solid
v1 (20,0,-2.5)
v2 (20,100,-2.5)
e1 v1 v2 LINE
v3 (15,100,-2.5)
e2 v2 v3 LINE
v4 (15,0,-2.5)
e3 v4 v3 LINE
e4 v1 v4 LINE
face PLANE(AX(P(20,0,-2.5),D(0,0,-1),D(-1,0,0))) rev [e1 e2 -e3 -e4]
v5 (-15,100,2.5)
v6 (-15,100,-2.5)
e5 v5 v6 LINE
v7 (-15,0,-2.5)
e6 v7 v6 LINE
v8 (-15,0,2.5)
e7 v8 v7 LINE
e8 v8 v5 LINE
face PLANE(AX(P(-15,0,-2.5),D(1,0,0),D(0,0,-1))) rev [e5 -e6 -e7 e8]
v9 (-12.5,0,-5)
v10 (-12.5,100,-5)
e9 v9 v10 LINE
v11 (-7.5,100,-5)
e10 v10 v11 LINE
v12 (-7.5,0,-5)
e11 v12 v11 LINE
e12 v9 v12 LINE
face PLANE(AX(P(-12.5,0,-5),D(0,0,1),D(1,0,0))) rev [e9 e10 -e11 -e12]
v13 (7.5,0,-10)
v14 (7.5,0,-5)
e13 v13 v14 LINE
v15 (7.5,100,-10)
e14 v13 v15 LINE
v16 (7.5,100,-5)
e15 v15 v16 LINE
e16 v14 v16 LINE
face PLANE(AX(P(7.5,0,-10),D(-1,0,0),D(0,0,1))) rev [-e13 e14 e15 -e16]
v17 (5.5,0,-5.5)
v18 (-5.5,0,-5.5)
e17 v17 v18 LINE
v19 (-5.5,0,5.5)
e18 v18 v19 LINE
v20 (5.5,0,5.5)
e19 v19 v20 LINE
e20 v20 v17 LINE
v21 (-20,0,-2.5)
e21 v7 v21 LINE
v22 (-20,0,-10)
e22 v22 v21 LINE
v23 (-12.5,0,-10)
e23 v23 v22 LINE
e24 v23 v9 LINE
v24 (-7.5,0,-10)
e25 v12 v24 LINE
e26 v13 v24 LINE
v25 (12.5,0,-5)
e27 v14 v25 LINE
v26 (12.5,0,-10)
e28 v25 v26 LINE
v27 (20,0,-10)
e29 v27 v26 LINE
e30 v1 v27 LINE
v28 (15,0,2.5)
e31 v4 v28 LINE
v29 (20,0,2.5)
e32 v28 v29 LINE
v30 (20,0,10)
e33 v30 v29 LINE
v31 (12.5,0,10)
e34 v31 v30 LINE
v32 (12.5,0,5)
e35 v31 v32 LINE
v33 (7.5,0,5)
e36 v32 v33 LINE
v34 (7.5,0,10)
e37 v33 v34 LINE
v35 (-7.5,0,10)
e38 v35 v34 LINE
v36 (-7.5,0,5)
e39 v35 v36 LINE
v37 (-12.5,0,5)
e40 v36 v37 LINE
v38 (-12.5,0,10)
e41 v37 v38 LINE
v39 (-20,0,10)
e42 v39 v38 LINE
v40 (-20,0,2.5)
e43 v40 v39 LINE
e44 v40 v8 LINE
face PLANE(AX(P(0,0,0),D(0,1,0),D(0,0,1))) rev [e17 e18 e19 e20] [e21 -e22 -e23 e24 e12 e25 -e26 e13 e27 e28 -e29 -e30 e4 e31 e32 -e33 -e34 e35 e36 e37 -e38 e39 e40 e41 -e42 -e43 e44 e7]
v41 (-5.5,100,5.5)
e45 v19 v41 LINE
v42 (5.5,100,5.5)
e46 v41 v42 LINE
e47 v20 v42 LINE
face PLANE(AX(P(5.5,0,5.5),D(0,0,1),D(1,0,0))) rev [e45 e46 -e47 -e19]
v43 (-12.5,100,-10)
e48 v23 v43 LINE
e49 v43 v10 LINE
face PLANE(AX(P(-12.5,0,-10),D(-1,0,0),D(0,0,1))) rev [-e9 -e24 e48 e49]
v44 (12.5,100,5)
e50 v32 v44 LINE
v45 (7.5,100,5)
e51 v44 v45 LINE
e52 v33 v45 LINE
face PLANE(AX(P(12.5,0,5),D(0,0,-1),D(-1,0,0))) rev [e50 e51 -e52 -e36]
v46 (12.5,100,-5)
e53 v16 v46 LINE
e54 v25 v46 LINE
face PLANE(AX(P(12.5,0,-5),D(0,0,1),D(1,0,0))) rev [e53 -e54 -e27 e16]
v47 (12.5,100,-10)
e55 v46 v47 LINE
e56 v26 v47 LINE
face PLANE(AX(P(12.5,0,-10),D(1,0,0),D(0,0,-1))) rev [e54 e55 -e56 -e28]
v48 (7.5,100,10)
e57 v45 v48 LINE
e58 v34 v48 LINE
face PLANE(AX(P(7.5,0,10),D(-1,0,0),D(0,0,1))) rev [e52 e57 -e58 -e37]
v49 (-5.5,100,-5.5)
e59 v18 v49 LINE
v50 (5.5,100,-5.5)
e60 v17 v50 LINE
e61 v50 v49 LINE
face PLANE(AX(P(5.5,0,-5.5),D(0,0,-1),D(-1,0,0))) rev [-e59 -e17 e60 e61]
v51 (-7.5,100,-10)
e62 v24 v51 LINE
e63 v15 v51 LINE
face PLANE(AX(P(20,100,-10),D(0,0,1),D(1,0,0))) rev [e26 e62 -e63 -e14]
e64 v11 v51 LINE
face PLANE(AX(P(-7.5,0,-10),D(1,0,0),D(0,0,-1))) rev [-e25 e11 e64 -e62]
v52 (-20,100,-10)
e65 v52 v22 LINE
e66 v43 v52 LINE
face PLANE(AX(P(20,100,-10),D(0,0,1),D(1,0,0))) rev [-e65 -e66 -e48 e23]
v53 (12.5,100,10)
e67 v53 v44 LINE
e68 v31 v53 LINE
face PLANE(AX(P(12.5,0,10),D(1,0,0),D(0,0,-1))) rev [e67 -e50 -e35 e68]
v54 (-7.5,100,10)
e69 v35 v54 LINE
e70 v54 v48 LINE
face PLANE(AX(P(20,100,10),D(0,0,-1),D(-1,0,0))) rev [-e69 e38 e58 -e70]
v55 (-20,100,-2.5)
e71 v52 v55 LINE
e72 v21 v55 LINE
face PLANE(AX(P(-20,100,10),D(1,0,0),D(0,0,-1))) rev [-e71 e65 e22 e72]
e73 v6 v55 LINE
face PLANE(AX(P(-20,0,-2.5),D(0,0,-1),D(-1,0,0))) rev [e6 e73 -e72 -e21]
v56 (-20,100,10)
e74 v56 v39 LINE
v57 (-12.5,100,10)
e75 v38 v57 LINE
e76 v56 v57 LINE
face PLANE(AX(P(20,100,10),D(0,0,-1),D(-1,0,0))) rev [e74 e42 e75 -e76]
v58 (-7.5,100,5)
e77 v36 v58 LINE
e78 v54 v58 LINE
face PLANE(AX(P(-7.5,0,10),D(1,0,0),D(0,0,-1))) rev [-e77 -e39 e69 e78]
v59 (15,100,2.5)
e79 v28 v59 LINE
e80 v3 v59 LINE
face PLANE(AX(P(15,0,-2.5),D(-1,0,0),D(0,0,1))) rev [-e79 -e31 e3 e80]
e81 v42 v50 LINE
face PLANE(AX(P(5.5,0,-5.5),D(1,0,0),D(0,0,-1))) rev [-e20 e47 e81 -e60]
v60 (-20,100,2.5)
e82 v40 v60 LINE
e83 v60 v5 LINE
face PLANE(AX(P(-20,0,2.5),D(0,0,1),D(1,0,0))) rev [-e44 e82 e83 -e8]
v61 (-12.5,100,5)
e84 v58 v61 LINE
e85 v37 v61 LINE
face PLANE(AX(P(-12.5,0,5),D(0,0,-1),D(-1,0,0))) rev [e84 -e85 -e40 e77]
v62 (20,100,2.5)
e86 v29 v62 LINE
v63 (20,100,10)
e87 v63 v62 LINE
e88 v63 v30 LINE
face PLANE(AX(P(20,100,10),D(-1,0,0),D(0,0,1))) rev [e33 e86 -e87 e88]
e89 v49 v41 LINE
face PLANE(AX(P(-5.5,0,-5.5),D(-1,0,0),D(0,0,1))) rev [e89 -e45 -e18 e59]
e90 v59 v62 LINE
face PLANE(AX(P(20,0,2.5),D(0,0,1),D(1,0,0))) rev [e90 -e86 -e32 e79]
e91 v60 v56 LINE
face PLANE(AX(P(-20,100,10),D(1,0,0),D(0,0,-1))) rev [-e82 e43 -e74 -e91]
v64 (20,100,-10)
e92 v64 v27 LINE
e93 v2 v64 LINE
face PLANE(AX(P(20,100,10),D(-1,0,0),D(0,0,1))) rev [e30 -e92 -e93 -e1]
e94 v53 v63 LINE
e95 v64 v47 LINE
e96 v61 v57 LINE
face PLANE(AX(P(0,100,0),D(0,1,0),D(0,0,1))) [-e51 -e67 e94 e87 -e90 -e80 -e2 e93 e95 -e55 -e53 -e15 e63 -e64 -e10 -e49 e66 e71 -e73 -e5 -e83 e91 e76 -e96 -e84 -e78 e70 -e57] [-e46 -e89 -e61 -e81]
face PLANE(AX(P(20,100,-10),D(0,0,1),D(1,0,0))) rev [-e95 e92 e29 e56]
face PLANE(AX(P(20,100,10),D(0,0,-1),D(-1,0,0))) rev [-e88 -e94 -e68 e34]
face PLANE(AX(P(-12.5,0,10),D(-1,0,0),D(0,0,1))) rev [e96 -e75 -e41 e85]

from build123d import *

# Parameters (mm, degrees)
SKETCH1_W       = 40
SKETCH1_H       = 20
BODY_DEPTH      = 100
SKETCH2_W       = 5
SKETCH2_H       = 5
SKETCH2_W_2     = 11
SKETCH2_H_2     = 11
PROFILAGE_DEPTH = 103.46950766


with BuildPart() as part:
    # Sketch1 → Body (new body)
    with BuildSketch(Plane(origin=(0, 0, 0), x_dir=(1, 0, 0), z_dir=(0, 1, 0))):
        Rectangle(SKETCH1_W, SKETCH1_H)
    extrude(amount=BODY_DEPTH)

    # Sketch2 → Profilage (cut, through all)
    with BuildSketch(Plane(origin=(0, 100, 0), x_dir=(1, 0, 0), z_dir=(0, 1, 0))):
        with Locations((-10, 7.5)):
            Rectangle(SKETCH2_W, SKETCH2_H)
        with Locations((-17.5, 0)):
            Rectangle(SKETCH2_W, SKETCH2_H)
        with Locations((-10, -7.5)):
            Rectangle(SKETCH2_W, SKETCH2_H)
        with Locations((10, -7.5)):
            Rectangle(SKETCH2_W, SKETCH2_H)
        with Locations((17.5, 0)):
            Rectangle(SKETCH2_W, SKETCH2_H)
        with Locations((10, 7.5)):
            Rectangle(SKETCH2_W, SKETCH2_H)
        Rectangle(SKETCH2_W_2, SKETCH2_H_2)
    extrude(amount=-PROFILAGE_DEPTH, mode=Mode.SUBTRACT)


solid = part.part
